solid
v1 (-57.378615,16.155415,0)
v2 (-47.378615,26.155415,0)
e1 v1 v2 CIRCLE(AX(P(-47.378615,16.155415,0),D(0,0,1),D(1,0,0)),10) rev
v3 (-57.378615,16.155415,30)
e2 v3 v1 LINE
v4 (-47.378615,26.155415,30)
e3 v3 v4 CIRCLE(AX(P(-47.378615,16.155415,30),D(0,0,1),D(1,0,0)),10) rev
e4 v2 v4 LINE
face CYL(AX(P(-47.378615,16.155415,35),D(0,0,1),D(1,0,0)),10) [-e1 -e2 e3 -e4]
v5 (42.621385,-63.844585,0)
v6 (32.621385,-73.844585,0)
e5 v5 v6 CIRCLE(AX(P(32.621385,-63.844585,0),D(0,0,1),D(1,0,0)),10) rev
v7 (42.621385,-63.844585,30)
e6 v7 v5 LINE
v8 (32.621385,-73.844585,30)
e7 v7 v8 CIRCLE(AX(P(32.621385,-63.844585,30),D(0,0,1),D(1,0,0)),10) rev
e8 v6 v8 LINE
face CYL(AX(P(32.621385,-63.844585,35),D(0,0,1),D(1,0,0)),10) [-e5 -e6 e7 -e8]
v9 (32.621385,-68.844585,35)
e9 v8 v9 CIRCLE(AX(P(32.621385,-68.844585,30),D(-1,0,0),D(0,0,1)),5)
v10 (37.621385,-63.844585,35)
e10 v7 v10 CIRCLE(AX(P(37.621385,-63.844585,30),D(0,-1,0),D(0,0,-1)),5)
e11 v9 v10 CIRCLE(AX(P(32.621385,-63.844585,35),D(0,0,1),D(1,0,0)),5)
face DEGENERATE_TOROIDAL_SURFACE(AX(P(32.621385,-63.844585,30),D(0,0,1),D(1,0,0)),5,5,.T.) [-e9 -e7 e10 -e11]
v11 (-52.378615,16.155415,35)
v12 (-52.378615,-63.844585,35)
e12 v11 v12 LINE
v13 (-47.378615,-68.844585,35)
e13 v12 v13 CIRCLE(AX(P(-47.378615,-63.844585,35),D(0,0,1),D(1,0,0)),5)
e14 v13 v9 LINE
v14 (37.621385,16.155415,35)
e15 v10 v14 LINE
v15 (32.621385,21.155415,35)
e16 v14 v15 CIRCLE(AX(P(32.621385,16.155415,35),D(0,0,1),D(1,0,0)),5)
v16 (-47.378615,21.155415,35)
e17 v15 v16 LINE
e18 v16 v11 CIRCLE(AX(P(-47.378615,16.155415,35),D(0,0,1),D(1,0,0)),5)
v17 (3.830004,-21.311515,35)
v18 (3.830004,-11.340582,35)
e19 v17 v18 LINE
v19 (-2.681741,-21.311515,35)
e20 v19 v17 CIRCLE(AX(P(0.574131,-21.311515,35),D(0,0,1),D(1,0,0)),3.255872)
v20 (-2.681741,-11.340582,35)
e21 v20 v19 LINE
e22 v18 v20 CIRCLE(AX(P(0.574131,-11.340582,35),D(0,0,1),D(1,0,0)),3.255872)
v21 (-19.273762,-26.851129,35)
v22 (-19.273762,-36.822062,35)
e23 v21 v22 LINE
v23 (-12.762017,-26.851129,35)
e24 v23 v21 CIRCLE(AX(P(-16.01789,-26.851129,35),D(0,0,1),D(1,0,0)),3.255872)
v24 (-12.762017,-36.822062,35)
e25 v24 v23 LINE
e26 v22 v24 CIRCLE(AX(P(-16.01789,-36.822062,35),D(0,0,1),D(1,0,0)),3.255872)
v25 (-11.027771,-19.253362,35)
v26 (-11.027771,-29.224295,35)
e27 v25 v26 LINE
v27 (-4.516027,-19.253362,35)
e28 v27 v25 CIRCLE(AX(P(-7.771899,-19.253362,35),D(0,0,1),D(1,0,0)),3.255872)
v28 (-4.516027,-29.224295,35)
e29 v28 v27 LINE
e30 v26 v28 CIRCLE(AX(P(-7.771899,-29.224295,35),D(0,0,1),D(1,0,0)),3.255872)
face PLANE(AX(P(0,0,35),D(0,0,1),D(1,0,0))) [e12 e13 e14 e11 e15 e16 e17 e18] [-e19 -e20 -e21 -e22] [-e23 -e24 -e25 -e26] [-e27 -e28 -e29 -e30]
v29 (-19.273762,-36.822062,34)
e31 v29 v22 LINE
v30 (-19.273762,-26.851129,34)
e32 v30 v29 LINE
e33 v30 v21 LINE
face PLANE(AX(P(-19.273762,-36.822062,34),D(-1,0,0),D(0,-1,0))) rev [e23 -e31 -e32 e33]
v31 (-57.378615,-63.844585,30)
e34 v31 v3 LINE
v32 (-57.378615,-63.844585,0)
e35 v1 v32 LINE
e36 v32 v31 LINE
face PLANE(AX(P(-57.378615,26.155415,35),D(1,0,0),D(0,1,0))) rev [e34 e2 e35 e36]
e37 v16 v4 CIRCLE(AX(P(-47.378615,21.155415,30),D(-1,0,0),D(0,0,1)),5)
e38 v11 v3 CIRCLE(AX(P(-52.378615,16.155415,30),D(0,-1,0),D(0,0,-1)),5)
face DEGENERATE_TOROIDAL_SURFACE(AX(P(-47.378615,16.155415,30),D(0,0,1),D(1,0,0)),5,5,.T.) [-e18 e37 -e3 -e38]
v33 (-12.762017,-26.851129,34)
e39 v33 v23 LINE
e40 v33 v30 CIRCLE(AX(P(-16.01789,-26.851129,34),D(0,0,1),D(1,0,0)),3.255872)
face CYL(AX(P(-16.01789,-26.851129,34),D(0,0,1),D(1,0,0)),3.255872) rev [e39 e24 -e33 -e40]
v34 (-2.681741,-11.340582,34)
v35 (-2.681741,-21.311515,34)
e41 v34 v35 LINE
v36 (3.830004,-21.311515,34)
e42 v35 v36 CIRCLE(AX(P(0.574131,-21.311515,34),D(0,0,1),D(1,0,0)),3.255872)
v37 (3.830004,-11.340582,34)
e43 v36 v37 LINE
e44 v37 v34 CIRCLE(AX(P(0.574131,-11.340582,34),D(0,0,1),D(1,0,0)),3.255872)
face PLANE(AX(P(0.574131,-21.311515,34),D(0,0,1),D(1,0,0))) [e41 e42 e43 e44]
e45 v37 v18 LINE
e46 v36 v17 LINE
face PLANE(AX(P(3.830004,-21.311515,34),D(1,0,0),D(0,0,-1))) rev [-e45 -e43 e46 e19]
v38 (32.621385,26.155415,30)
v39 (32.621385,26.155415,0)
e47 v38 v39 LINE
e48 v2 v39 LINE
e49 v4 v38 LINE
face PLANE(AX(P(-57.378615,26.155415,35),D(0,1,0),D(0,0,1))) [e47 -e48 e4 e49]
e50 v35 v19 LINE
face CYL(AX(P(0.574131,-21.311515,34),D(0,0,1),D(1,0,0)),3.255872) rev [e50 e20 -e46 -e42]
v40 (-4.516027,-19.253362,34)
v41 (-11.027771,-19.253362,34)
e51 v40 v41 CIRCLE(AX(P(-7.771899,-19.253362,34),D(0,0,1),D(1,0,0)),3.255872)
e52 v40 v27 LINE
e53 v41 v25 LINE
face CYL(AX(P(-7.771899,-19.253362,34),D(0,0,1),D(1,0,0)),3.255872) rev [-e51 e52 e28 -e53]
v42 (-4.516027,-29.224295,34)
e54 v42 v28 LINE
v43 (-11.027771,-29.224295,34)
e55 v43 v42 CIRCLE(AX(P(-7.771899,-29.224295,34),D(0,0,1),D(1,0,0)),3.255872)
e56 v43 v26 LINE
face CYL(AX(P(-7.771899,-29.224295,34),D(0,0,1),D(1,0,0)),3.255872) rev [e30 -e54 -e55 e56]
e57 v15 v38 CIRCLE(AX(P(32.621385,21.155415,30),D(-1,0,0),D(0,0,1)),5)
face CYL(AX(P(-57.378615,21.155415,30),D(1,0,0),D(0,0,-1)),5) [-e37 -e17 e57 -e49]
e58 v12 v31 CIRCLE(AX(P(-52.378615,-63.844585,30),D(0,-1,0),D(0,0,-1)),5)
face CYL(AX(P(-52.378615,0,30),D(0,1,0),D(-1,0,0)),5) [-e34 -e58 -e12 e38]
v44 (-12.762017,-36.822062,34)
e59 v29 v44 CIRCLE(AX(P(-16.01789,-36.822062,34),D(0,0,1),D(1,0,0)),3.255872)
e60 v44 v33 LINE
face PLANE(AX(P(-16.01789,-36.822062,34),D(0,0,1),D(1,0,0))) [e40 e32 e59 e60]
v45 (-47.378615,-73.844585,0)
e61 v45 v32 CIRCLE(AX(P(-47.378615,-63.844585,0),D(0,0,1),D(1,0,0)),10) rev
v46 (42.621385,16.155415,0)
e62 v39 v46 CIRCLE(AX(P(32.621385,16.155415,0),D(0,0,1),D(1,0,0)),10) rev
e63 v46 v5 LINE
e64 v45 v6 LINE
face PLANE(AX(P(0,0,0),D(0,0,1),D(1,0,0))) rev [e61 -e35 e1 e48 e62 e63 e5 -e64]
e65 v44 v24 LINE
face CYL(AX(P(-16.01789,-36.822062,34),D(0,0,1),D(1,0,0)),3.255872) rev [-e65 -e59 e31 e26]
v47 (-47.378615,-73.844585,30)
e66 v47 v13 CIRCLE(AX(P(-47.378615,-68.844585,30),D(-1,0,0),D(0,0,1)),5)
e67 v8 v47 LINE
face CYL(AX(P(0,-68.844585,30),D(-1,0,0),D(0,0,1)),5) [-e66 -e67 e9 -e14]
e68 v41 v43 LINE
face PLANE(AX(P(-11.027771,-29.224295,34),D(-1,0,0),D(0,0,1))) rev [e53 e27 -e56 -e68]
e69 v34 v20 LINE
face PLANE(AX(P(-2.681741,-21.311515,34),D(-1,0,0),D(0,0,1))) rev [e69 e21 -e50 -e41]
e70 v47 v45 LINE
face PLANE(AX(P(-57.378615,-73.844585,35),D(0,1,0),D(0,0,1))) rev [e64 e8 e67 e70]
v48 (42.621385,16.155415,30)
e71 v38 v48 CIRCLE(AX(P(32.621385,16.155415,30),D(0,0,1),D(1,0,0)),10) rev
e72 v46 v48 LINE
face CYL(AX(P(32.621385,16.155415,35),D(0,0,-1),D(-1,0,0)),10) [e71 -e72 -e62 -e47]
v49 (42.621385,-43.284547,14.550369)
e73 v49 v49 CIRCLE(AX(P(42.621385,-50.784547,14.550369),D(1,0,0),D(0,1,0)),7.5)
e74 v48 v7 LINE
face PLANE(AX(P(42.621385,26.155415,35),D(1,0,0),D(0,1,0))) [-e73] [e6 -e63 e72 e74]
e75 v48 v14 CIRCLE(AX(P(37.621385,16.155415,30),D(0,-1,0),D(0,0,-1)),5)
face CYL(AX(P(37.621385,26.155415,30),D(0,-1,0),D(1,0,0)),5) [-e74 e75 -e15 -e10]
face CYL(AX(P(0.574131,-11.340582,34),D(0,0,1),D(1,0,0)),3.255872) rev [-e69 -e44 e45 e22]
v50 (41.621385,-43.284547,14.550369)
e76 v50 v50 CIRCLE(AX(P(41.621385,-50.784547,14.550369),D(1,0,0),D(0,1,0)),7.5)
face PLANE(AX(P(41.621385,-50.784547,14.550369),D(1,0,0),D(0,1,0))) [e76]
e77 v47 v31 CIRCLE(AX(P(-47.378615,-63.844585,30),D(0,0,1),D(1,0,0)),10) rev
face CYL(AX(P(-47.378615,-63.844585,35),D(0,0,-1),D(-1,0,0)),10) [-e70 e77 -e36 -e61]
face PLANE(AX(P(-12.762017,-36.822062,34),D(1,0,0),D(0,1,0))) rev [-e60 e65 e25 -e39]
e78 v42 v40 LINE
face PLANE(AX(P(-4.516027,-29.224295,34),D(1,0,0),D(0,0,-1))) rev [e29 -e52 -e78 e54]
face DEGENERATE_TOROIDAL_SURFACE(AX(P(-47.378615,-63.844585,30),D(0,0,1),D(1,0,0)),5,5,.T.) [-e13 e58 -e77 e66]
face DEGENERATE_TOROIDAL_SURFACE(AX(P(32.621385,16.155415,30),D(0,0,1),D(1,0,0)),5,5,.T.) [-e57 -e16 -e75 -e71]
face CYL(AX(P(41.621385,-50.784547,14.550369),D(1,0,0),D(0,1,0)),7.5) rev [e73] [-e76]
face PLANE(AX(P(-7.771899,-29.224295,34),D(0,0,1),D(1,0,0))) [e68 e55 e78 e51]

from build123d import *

# Parameters (mm, degrees)
SKETCH1_W           = 100
SKETCH1_H           = 100
BOSS_EXTRUDE2_DEPTH = 35
FILLET3_R           = 10
FILLET4_R           = 5
SKETCH2_R           = 7.5
CUT_EXTRUDE1_DEPTH  = 1
CUT_EXTRUDE2_DEPTH  = 1


with BuildPart() as part:
    # Sketch1 → Boss-Extrude2 (new body)
    with BuildSketch(Plane.XY):
        with Locations((-7.378614961, -23.844584937)):
            Rectangle(SKETCH1_W, SKETCH1_H)
    extrude(amount=BOSS_EXTRUDE2_DEPTH)

    # Fillet3
    fillet3_edges = [part.edges().sort_by_distance(p)[0] for p in [
        (-57.378614961, 26.155415063, 17.5),
        (42.621385039, 26.155415063, 17.5),
        (42.621385039, -73.844584937, 17.5),
        (-57.378614961, -73.844584937, 17.5),
    ]]
    fillet(fillet3_edges, radius=FILLET3_R)

    # Fillet4
    fillet4_edges = [part.edges().sort_by_distance(p)[0] for p in [
        (42.621385039, -23.844584937, 35),
        (-7.378614961, -73.844584937, 35),
        (-57.378614961, -23.844584937, 35),
        (-7.378614961, 26.155415063, 35),
        (39.692452851, 23.226482875, 35),
        (-54.449682772, 23.226482875, 35),
        (-54.449682772, -70.915652749, 35),
        (39.692452851, -70.915652749, 35),
    ]]
    fillet(fillet4_edges, radius=FILLET4_R)

    # Sketch2 → Cut-Extrude1 (cut)
    with BuildSketch(Plane(origin=(42.621385039, 0, 0), x_dir=(0, 0, -1), z_dir=(1, 0, 0))):
        with Locations((-14.550369157, -50.784546634)):
            Circle(SKETCH2_R)
    extrude(amount=-CUT_EXTRUDE1_DEPTH, mode=Mode.SUBTRACT)

    # Sketch3 → Cut-Extrude2 (cut)
    with BuildSketch(Plane.XY.offset(35)):
        with BuildLine():
            Line((-19.273762165, -36.822061823), (-19.273762165, -26.851128879))
            ThreePointArc((-19.273762165, -26.851128879), (-16.017889756, -23.595256471), (-12.762017347, -26.851128879))
            Line((-12.762017347, -26.851128879), (-12.762017347, -36.822061823))
            ThreePointArc((-12.762017347, -36.822061823), (-16.017889756, -40.077934232), (-19.273762165, -36.822061823))
        make_face()
        with BuildLine():
            Line((-11.027771482, -29.224294891), (-11.027771482, -19.253361947))
            ThreePointArc((-11.027771482, -19.253361947), (-7.771899073, -15.997489538), (-4.516026664, -19.253361947))
            Line((-4.516026664, -19.253361947), (-4.516026664, -29.224294891))
            ThreePointArc((-4.516026664, -29.224294891), (-7.771899073, -32.4801673), (-11.027771482, -29.224294891))
        make_face()
        with BuildLine():
            Line((-2.681741214, -21.311514936), (-2.681741214, -11.340581993))
            ThreePointArc((-2.681741214, -11.340581993), (0.574131194, -8.084709584), (3.830003603, -11.340581993))
            Line((3.830003603, -11.340581993), (3.830003603, -21.311514936))
            ThreePointArc((3.830003603, -21.311514936), (0.574131194, -24.567387345), (-2.681741214, -21.311514936))
        make_face()
    extrude(amount=-CUT_EXTRUDE2_DEPTH, mode=Mode.SUBTRACT)


solid = part.part
